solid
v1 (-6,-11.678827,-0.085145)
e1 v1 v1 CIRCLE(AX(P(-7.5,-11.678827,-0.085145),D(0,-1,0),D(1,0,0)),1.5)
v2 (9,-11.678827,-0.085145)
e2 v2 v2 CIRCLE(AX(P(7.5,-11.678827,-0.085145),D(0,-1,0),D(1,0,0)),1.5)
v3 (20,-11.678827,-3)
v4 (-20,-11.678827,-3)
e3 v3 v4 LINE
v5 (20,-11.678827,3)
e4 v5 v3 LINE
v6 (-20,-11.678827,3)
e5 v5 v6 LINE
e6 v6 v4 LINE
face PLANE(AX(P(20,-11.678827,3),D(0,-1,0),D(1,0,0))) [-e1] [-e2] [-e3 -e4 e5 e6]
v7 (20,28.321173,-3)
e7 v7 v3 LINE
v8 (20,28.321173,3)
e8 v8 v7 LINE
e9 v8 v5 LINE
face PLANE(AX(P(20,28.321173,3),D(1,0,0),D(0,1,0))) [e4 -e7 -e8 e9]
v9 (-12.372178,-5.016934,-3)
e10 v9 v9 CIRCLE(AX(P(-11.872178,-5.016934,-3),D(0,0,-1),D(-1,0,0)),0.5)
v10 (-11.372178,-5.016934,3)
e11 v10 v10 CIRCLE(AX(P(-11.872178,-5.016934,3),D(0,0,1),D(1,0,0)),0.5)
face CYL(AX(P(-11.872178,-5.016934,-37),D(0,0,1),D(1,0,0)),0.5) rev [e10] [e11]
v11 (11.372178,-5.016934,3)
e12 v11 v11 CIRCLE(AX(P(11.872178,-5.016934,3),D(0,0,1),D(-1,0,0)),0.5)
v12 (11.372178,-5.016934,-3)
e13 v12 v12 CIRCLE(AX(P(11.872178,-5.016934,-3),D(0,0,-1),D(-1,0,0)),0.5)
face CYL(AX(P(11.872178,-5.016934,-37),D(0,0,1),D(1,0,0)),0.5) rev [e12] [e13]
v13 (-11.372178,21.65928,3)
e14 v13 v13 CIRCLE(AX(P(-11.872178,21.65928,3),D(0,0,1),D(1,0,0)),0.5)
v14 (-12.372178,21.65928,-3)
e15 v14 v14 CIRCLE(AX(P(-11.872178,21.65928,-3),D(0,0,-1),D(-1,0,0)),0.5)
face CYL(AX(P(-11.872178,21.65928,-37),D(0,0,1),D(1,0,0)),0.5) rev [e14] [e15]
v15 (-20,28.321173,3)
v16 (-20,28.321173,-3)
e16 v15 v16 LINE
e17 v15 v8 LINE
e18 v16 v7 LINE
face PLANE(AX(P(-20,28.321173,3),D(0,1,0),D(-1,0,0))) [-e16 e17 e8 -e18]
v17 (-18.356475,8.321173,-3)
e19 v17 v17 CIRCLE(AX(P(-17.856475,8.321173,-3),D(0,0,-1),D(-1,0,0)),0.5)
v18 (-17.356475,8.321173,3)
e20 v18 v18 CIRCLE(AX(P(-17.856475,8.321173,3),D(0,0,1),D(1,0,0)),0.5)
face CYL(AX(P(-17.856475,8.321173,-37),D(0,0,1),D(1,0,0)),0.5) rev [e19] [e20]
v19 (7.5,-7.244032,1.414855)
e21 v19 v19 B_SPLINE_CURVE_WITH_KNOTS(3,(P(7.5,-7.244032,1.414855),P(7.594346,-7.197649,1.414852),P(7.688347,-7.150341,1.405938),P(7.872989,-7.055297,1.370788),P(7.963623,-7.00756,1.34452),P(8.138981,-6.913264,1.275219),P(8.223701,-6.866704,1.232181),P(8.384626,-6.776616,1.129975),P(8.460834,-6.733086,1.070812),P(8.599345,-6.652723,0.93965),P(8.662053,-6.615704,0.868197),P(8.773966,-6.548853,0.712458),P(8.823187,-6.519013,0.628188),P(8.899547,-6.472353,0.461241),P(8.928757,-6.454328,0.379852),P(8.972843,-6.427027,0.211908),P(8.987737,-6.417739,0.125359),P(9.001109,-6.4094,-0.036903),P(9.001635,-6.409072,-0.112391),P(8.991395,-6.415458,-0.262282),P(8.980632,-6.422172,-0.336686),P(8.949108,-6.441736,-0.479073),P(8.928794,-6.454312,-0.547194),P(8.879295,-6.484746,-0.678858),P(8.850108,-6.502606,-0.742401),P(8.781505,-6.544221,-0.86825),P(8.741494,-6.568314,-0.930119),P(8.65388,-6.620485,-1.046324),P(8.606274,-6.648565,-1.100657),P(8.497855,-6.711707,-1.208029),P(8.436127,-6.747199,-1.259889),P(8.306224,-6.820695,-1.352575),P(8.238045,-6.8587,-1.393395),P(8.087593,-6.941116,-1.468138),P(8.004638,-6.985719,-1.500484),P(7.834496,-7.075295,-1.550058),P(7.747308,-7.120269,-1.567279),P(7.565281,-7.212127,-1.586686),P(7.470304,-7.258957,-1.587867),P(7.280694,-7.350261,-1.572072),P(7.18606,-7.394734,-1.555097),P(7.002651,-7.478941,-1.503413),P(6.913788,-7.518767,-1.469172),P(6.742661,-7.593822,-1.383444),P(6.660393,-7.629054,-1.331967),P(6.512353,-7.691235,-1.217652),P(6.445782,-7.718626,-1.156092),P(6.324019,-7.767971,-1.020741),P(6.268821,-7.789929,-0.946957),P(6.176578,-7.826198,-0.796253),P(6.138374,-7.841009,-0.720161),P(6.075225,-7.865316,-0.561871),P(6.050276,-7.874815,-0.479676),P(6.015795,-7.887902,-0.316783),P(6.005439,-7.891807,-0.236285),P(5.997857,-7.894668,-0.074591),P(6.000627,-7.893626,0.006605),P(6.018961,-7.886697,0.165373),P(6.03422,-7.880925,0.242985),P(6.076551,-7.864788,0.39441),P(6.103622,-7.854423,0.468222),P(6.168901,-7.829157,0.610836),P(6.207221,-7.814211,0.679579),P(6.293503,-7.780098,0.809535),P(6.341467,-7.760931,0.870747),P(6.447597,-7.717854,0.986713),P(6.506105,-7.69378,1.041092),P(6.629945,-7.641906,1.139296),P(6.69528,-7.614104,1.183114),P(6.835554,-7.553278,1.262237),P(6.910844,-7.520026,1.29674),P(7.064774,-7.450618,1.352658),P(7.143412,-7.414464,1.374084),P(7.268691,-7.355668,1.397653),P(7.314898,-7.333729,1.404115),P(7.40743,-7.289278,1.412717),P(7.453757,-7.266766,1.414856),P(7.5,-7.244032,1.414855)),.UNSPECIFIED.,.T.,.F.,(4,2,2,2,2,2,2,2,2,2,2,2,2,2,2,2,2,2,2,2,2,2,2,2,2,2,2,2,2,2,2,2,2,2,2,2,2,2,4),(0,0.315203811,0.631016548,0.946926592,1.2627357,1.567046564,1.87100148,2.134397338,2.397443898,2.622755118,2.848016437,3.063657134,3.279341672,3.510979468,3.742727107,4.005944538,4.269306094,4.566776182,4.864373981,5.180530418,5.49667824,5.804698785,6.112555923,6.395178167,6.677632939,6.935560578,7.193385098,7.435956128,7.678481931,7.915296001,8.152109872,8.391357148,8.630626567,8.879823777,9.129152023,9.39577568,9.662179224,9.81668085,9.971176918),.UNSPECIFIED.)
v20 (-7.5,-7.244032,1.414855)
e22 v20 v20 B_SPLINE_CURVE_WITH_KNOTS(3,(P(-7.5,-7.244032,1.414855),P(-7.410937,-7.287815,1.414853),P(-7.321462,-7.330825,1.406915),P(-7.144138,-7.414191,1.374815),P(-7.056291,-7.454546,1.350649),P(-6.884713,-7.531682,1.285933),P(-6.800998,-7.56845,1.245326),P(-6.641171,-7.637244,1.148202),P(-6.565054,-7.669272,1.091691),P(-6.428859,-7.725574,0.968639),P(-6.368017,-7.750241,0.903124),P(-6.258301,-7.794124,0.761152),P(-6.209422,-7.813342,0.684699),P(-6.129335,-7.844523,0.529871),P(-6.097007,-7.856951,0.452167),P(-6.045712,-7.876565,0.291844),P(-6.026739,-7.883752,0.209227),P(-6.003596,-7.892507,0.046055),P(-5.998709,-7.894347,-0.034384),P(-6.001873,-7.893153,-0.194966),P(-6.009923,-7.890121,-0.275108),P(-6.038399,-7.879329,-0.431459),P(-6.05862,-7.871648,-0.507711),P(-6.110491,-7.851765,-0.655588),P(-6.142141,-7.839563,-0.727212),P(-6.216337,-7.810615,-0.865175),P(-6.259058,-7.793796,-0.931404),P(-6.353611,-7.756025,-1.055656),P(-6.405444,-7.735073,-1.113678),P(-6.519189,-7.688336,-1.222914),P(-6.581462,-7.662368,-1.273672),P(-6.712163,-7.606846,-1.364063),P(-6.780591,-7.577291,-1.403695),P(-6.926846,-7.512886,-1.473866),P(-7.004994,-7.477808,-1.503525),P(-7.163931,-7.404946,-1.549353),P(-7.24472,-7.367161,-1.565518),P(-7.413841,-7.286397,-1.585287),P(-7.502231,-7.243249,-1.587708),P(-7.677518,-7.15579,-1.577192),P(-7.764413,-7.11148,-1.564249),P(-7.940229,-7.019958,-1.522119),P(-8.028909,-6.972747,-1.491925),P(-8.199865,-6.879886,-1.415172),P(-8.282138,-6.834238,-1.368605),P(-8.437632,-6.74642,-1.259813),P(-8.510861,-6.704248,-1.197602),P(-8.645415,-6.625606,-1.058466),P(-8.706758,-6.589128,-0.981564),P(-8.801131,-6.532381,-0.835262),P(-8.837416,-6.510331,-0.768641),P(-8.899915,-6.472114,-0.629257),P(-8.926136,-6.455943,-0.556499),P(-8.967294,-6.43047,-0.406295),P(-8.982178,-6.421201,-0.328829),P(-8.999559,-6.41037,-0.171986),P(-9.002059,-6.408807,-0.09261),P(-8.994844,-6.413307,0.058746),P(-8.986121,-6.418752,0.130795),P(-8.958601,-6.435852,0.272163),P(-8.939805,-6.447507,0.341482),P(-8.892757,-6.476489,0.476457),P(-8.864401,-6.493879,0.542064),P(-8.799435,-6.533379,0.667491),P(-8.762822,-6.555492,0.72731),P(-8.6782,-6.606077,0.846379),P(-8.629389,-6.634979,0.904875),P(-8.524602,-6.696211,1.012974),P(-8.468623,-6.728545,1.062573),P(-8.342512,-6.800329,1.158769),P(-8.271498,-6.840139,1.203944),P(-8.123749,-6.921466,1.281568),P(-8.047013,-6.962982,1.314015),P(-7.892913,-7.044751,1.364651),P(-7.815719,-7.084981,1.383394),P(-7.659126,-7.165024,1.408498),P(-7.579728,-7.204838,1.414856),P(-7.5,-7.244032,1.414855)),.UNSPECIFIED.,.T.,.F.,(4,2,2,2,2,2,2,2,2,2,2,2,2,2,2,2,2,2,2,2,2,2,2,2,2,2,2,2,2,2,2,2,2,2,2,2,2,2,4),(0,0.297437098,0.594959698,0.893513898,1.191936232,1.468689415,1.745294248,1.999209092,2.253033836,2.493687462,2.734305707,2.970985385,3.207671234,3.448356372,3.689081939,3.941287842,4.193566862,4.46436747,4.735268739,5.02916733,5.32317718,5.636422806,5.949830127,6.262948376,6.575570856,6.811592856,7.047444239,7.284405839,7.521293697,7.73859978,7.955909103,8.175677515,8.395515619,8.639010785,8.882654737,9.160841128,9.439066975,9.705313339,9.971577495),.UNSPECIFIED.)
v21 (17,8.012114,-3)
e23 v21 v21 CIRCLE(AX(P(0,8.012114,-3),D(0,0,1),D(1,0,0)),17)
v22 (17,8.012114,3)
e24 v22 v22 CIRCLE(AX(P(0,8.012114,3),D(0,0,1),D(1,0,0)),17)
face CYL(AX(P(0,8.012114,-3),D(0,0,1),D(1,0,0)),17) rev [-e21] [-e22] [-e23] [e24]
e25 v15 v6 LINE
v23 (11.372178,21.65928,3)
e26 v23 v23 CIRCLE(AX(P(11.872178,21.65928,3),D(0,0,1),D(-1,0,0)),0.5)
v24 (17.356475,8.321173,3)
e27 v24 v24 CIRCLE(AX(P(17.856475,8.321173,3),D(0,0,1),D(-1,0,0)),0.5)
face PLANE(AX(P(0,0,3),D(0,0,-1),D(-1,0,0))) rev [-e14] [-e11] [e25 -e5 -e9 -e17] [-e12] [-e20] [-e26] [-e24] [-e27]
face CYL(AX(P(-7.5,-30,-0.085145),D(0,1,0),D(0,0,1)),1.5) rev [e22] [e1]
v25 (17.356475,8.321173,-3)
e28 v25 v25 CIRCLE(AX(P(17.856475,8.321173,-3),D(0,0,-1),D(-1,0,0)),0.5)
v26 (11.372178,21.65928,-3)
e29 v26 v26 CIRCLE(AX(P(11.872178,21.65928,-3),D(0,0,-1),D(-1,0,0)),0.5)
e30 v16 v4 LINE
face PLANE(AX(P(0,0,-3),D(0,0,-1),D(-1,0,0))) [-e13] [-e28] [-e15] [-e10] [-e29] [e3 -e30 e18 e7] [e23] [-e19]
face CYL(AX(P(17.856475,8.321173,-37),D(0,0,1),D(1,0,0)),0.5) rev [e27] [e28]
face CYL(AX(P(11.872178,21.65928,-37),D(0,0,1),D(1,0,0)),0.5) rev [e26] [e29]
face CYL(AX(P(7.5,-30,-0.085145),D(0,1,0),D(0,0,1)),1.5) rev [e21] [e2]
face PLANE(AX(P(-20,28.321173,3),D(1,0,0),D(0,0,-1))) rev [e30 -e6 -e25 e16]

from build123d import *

# Parameters (mm, degrees)
SKETCH1_W           = 40
SKETCH1_H           = 40
BOSS_EXTRUDE1_DEPTH = 3
SKETCH3_R           = 0.5
CUT_EXTRUDE1_DEPTH  = 40
SKETCH4_R           = 1.5
CUT_EXTRUDE3_DEPTH  = 30
SKETCH5_R           = 17
CUT_EXTRUDE7_DEPTH  = 36.186486738


with BuildPart() as part:
    # Sketch1 → Boss-Extrude1 (new, symmetric)
    with BuildSketch(Plane.XY):
        with Locations((0, 8.321173156)):
            Rectangle(SKETCH1_W, SKETCH1_H)
    extrude(amount=BOSS_EXTRUDE1_DEPTH, both=True)

    # Sketch3 → Cut-Extrude1 (cut)
    with BuildSketch(Plane.XY.offset(3)):
        with Locations((-11.872178248, 21.659280154)):
            Circle(SKETCH3_R)
        with Locations((-17.856475427, 8.321173156)):
            Circle(SKETCH3_R)
        with Locations((-11.872178248, -5.016933842)):
            Circle(SKETCH3_R)
        with Locations(Location((11.872178248, -5.016933842, 0), (0, 0, 180))):
            Circle(SKETCH3_R)
        with Locations(Location((17.856475427, 8.321173156, 0), (0, 0, 180))):
            Circle(SKETCH3_R)
        with Locations(Location((11.872178248, 21.659280154, 0), (0, 0, 180))):
            Circle(SKETCH3_R)
    extrude(amount=-CUT_EXTRUDE1_DEPTH, mode=Mode.SUBTRACT)

    # Sketch4 → Cut-Extrude3 (cut)
    with BuildSketch(Plane(origin=(0, 0, 0), x_dir=(1, 0, 0), z_dir=(0, 1, 0))):
        with Locations(Location((-7.5, 0.085145046, 0), (0, 0, 270))):
            Circle(SKETCH4_R)
        with Locations(Location((7.5, 0.085145046, 0), (0, 0, 270))):
            Circle(SKETCH4_R)
    extrude(amount=-CUT_EXTRUDE3_DEPTH, mode=Mode.SUBTRACT)

    # Sketch5 → Cut-Extrude7 (cut, through all)
    with BuildSketch(Plane.XY.offset(3)):
        with Locations((0, 8.01211428)):
            Circle(SKETCH5_R)
    extrude(amount=-CUT_EXTRUDE7_DEPTH, mode=Mode.SUBTRACT)


solid = part.part
